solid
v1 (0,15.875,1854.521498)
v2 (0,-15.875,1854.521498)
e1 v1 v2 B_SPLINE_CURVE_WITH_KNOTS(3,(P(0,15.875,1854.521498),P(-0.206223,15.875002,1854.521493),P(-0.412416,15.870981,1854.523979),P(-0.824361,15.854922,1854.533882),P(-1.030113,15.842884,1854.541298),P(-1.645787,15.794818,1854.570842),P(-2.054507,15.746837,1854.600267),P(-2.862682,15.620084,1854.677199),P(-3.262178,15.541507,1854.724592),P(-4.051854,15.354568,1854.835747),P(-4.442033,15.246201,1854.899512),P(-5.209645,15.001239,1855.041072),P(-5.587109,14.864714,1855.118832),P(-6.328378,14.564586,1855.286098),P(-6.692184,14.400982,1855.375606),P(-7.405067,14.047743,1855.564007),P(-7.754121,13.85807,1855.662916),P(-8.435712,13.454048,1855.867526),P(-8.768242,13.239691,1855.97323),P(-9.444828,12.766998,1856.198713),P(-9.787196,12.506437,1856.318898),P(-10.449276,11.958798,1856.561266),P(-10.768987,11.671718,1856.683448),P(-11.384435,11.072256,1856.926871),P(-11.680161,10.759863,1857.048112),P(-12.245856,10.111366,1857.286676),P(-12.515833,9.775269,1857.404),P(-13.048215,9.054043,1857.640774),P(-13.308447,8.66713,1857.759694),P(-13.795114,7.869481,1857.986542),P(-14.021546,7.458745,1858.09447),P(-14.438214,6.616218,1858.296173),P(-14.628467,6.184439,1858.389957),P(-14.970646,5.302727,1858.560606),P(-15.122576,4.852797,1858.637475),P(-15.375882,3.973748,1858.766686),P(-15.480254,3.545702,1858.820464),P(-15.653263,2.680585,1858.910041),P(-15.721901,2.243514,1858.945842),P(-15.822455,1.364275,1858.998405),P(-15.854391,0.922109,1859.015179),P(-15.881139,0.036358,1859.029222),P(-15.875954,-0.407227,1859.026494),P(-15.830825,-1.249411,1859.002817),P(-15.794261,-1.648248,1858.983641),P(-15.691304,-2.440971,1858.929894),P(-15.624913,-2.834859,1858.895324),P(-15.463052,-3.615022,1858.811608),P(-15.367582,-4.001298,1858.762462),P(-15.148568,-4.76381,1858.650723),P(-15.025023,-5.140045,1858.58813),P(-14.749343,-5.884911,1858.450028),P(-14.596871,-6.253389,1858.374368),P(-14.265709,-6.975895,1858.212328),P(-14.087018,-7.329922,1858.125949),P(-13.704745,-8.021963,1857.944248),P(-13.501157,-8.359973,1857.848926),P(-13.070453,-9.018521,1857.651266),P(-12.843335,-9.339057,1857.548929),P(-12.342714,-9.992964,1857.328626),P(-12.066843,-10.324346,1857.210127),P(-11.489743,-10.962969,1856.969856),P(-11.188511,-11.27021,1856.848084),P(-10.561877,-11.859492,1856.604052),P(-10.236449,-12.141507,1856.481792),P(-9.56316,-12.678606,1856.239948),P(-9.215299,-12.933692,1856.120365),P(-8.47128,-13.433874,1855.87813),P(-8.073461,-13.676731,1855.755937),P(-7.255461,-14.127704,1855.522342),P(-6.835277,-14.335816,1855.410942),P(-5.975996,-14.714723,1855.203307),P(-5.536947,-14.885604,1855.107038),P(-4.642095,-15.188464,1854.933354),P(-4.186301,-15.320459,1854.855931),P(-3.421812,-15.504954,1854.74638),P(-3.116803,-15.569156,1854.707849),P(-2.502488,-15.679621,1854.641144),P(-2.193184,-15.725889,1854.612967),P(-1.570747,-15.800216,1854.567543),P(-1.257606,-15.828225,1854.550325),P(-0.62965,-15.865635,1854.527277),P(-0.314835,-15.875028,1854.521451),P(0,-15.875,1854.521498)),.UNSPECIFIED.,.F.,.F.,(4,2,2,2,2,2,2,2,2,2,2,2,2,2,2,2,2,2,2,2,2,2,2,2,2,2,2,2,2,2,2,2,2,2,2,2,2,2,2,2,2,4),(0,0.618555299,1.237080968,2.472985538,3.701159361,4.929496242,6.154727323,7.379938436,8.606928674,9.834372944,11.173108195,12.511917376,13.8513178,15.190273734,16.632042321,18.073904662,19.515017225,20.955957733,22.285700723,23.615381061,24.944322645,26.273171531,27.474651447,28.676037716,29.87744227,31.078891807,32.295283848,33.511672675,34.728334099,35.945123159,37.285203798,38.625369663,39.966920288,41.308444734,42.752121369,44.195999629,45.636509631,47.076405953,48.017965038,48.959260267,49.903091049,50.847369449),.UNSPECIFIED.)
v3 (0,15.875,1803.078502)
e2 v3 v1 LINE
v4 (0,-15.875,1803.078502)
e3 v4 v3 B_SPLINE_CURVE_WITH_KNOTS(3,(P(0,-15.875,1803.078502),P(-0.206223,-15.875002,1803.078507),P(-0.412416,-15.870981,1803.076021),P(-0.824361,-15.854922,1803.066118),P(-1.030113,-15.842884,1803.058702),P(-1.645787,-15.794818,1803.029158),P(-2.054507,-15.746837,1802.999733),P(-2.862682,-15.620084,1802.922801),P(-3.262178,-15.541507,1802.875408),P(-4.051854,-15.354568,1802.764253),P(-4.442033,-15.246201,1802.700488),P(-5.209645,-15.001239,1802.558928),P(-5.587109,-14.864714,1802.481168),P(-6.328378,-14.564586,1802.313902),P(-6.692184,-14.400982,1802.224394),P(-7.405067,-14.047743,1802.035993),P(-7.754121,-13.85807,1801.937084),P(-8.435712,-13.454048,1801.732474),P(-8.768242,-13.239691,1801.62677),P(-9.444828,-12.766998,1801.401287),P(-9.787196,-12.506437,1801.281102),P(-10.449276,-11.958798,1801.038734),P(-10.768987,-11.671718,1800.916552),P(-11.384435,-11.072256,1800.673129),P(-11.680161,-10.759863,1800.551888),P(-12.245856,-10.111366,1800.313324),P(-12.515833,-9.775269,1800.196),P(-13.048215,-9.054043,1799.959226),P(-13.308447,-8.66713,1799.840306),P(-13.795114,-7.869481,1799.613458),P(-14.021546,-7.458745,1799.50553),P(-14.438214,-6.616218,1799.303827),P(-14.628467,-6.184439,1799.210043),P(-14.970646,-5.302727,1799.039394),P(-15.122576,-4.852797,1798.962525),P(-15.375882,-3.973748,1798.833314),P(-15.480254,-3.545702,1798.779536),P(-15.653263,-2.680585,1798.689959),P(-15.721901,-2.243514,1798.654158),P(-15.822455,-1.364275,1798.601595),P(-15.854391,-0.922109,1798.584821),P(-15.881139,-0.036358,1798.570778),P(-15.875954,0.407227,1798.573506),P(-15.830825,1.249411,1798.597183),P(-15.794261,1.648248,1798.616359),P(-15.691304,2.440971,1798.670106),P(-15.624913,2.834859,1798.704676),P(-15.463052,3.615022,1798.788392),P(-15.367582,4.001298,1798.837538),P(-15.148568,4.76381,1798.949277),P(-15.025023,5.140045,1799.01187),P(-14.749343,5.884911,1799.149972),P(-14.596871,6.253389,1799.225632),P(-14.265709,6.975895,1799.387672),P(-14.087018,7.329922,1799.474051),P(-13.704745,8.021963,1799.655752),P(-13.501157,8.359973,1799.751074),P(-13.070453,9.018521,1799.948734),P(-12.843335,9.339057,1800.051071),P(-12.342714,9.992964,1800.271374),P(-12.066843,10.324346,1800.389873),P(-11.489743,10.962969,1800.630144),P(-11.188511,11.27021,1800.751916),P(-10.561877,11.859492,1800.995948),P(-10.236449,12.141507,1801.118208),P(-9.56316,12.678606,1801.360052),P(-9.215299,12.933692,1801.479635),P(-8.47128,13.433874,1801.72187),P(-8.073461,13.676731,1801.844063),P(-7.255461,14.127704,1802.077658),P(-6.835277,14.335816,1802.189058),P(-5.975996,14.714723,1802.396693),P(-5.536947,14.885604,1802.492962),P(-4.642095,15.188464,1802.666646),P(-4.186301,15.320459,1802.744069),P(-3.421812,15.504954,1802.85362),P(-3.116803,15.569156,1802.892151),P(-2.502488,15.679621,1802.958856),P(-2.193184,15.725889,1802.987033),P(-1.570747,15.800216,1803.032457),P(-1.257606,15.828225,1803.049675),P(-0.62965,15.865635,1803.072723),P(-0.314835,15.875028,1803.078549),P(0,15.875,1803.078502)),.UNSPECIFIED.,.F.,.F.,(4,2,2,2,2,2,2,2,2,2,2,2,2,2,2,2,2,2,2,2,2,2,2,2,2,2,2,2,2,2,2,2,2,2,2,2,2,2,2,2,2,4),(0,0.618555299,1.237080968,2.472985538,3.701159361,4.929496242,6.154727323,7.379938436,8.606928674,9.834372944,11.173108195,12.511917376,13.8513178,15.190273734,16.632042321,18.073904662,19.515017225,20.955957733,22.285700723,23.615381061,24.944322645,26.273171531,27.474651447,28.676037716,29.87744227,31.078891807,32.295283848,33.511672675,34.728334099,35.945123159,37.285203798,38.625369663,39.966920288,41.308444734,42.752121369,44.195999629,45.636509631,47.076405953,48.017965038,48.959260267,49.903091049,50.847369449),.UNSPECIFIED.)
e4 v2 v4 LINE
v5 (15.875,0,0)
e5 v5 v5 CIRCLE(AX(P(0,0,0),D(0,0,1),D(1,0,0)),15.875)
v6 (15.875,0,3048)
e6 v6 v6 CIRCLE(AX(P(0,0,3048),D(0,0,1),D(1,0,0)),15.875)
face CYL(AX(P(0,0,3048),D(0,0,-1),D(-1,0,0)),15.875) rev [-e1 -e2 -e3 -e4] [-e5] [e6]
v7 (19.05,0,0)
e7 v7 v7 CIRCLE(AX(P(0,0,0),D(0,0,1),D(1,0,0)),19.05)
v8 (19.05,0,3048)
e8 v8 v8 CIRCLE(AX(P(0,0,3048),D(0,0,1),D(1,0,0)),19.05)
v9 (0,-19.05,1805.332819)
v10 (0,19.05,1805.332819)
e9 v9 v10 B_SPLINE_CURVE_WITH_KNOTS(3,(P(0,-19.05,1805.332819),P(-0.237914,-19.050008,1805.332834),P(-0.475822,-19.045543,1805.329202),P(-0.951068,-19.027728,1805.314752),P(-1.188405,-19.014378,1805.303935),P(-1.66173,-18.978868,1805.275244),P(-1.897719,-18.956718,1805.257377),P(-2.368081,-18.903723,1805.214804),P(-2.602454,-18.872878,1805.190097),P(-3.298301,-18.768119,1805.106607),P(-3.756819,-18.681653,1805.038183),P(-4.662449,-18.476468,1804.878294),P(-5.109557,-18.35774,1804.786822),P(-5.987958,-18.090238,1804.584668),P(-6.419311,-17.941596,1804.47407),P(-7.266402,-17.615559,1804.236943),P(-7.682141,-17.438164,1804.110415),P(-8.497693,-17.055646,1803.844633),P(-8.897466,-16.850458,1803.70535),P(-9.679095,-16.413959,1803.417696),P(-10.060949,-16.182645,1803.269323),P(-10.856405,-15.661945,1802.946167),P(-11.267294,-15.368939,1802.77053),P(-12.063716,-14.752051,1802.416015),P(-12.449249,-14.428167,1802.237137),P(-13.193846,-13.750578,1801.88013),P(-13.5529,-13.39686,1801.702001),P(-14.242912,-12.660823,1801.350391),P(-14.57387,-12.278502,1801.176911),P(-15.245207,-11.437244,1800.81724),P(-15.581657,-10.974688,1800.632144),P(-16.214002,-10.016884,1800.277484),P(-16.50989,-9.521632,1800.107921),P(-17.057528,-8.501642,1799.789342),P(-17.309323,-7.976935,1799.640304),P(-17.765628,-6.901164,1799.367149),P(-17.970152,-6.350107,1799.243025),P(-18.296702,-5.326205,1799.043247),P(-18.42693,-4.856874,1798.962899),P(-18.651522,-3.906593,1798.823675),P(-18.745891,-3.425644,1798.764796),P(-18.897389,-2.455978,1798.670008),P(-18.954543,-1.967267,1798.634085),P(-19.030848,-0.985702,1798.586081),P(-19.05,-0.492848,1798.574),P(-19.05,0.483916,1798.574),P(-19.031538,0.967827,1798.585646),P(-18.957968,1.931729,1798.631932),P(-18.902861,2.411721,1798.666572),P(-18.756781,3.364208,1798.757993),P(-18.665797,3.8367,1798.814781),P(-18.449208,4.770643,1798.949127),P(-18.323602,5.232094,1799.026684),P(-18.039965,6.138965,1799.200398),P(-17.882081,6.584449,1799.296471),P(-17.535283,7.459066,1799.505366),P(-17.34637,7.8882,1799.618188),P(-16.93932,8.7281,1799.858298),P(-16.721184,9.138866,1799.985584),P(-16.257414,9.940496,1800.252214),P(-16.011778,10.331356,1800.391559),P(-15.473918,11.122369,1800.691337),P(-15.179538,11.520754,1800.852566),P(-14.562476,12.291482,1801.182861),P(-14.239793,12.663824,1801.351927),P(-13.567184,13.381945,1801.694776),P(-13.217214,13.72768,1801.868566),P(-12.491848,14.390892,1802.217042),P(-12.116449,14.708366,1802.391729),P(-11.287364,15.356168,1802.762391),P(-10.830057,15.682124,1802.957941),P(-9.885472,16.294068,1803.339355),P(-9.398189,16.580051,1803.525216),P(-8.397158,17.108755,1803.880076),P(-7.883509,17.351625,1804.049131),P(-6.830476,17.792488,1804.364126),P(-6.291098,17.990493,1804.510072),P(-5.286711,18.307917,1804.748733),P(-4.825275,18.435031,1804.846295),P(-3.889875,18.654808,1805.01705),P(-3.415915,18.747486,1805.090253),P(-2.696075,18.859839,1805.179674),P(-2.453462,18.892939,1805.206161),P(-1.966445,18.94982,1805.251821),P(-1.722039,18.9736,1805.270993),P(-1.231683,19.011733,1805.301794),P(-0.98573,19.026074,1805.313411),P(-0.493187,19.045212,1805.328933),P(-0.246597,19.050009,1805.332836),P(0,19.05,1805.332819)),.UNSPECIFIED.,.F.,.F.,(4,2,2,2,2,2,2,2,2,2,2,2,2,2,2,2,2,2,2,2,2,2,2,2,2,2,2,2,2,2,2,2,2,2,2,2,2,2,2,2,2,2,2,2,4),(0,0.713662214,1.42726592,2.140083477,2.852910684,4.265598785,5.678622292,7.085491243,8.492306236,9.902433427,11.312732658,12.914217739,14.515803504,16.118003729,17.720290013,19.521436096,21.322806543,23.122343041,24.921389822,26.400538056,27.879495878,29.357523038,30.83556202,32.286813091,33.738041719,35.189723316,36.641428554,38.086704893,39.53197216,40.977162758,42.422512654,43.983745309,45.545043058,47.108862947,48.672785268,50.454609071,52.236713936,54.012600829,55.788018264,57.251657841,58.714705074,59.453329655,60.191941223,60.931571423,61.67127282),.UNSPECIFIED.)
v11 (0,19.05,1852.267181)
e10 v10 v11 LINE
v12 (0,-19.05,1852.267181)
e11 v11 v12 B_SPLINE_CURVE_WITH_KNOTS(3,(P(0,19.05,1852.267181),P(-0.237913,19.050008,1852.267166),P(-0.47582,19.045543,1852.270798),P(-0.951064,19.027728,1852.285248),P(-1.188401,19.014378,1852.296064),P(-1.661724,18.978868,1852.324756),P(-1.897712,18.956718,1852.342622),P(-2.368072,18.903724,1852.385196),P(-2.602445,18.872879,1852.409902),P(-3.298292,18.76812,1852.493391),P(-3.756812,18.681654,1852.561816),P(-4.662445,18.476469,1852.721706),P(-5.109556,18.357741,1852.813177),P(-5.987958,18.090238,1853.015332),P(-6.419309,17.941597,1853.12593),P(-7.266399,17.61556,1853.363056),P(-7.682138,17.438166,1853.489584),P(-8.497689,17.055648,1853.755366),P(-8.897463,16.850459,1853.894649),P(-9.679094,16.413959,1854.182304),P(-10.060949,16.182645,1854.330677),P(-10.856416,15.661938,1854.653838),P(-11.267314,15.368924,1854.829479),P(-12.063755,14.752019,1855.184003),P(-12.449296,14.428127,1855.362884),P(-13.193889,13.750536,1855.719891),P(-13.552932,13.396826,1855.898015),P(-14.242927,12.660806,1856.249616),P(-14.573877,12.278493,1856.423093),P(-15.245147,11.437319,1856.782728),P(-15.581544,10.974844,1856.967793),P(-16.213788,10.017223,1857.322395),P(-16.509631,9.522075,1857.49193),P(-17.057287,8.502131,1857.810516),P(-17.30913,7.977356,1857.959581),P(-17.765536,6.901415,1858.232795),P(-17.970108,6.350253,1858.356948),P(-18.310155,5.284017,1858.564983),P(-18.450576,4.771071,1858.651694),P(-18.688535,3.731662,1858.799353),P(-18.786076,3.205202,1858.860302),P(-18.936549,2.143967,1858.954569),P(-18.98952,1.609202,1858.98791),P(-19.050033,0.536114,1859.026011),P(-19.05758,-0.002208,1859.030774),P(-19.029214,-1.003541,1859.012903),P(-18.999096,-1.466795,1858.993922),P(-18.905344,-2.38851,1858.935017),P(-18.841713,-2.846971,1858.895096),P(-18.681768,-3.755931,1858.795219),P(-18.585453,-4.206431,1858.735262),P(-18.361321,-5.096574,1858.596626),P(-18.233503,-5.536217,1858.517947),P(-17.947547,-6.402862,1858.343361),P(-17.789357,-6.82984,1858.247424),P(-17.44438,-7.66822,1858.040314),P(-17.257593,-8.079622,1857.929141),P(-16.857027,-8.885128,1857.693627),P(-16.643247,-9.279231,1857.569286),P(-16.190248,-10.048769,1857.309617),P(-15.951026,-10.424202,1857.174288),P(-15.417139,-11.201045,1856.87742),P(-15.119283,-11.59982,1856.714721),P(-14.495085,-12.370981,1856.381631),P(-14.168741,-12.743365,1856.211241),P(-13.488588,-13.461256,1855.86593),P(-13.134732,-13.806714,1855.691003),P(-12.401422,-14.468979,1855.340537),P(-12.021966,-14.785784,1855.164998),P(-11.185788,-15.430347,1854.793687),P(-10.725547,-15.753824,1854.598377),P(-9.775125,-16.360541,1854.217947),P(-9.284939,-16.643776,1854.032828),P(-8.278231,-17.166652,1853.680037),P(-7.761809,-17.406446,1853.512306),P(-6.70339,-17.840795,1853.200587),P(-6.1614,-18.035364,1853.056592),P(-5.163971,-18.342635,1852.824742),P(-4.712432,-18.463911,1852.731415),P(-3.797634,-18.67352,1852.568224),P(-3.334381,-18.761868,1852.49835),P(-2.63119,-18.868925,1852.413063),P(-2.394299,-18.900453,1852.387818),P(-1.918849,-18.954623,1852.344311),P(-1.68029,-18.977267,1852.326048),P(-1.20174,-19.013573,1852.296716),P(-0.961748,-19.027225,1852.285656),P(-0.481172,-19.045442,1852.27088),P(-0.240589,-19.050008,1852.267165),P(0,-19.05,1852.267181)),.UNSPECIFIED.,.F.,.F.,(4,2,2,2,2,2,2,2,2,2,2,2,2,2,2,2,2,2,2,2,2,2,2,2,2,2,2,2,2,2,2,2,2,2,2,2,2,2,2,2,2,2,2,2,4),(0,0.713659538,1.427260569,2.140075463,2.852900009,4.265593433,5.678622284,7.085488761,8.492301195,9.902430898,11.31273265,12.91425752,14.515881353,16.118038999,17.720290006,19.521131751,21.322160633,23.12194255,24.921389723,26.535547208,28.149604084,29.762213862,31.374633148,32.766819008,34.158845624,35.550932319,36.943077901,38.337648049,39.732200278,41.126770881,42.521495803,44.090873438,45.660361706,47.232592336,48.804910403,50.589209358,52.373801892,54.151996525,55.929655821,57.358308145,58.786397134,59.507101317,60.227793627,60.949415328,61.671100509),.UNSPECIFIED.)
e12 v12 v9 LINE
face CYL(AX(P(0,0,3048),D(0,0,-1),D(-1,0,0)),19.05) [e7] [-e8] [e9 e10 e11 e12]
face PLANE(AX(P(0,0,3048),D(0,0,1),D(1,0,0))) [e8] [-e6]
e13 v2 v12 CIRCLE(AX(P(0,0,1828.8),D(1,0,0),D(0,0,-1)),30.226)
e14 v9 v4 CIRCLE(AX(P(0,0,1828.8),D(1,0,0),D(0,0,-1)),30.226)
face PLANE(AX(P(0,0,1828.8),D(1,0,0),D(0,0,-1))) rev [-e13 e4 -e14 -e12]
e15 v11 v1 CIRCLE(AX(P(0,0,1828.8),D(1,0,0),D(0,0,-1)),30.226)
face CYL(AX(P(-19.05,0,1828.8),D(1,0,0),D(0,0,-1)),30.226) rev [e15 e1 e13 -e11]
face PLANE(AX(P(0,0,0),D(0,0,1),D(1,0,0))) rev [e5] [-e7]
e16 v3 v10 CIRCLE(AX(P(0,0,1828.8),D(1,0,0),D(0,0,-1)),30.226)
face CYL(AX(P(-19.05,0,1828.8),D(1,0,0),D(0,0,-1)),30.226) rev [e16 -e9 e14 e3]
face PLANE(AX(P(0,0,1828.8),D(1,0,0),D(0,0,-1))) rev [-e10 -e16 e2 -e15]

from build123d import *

# Parameters (mm, degrees)
SKETCH1_R           = 19.05
SKETCH1_R_2         = 15.875
BOSS_EXTRUDE1_DEPTH = 3048
SKETCH2_R           = 30.226
CUT_EXTRUDE1_DEPTH  = 20.05


with BuildPart() as part:
    # Sketch1 → Boss-Extrude1 (new body)
    with BuildSketch(Plane.XY):
        Circle(SKETCH1_R)
        Circle(SKETCH1_R_2, mode=Mode.SUBTRACT)
    extrude(amount=BOSS_EXTRUDE1_DEPTH)

    # Sketch2 → Cut-Extrude1 (cut, through all)
    with BuildSketch(Plane(origin=(0, 0, 0), x_dir=(0, 0, -1), z_dir=(1, 0, 0))):
        with Locations((-1828.8, 0)):
            Circle(SKETCH2_R)
    extrude(amount=-CUT_EXTRUDE1_DEPTH, mode=Mode.SUBTRACT)


solid = part.part
